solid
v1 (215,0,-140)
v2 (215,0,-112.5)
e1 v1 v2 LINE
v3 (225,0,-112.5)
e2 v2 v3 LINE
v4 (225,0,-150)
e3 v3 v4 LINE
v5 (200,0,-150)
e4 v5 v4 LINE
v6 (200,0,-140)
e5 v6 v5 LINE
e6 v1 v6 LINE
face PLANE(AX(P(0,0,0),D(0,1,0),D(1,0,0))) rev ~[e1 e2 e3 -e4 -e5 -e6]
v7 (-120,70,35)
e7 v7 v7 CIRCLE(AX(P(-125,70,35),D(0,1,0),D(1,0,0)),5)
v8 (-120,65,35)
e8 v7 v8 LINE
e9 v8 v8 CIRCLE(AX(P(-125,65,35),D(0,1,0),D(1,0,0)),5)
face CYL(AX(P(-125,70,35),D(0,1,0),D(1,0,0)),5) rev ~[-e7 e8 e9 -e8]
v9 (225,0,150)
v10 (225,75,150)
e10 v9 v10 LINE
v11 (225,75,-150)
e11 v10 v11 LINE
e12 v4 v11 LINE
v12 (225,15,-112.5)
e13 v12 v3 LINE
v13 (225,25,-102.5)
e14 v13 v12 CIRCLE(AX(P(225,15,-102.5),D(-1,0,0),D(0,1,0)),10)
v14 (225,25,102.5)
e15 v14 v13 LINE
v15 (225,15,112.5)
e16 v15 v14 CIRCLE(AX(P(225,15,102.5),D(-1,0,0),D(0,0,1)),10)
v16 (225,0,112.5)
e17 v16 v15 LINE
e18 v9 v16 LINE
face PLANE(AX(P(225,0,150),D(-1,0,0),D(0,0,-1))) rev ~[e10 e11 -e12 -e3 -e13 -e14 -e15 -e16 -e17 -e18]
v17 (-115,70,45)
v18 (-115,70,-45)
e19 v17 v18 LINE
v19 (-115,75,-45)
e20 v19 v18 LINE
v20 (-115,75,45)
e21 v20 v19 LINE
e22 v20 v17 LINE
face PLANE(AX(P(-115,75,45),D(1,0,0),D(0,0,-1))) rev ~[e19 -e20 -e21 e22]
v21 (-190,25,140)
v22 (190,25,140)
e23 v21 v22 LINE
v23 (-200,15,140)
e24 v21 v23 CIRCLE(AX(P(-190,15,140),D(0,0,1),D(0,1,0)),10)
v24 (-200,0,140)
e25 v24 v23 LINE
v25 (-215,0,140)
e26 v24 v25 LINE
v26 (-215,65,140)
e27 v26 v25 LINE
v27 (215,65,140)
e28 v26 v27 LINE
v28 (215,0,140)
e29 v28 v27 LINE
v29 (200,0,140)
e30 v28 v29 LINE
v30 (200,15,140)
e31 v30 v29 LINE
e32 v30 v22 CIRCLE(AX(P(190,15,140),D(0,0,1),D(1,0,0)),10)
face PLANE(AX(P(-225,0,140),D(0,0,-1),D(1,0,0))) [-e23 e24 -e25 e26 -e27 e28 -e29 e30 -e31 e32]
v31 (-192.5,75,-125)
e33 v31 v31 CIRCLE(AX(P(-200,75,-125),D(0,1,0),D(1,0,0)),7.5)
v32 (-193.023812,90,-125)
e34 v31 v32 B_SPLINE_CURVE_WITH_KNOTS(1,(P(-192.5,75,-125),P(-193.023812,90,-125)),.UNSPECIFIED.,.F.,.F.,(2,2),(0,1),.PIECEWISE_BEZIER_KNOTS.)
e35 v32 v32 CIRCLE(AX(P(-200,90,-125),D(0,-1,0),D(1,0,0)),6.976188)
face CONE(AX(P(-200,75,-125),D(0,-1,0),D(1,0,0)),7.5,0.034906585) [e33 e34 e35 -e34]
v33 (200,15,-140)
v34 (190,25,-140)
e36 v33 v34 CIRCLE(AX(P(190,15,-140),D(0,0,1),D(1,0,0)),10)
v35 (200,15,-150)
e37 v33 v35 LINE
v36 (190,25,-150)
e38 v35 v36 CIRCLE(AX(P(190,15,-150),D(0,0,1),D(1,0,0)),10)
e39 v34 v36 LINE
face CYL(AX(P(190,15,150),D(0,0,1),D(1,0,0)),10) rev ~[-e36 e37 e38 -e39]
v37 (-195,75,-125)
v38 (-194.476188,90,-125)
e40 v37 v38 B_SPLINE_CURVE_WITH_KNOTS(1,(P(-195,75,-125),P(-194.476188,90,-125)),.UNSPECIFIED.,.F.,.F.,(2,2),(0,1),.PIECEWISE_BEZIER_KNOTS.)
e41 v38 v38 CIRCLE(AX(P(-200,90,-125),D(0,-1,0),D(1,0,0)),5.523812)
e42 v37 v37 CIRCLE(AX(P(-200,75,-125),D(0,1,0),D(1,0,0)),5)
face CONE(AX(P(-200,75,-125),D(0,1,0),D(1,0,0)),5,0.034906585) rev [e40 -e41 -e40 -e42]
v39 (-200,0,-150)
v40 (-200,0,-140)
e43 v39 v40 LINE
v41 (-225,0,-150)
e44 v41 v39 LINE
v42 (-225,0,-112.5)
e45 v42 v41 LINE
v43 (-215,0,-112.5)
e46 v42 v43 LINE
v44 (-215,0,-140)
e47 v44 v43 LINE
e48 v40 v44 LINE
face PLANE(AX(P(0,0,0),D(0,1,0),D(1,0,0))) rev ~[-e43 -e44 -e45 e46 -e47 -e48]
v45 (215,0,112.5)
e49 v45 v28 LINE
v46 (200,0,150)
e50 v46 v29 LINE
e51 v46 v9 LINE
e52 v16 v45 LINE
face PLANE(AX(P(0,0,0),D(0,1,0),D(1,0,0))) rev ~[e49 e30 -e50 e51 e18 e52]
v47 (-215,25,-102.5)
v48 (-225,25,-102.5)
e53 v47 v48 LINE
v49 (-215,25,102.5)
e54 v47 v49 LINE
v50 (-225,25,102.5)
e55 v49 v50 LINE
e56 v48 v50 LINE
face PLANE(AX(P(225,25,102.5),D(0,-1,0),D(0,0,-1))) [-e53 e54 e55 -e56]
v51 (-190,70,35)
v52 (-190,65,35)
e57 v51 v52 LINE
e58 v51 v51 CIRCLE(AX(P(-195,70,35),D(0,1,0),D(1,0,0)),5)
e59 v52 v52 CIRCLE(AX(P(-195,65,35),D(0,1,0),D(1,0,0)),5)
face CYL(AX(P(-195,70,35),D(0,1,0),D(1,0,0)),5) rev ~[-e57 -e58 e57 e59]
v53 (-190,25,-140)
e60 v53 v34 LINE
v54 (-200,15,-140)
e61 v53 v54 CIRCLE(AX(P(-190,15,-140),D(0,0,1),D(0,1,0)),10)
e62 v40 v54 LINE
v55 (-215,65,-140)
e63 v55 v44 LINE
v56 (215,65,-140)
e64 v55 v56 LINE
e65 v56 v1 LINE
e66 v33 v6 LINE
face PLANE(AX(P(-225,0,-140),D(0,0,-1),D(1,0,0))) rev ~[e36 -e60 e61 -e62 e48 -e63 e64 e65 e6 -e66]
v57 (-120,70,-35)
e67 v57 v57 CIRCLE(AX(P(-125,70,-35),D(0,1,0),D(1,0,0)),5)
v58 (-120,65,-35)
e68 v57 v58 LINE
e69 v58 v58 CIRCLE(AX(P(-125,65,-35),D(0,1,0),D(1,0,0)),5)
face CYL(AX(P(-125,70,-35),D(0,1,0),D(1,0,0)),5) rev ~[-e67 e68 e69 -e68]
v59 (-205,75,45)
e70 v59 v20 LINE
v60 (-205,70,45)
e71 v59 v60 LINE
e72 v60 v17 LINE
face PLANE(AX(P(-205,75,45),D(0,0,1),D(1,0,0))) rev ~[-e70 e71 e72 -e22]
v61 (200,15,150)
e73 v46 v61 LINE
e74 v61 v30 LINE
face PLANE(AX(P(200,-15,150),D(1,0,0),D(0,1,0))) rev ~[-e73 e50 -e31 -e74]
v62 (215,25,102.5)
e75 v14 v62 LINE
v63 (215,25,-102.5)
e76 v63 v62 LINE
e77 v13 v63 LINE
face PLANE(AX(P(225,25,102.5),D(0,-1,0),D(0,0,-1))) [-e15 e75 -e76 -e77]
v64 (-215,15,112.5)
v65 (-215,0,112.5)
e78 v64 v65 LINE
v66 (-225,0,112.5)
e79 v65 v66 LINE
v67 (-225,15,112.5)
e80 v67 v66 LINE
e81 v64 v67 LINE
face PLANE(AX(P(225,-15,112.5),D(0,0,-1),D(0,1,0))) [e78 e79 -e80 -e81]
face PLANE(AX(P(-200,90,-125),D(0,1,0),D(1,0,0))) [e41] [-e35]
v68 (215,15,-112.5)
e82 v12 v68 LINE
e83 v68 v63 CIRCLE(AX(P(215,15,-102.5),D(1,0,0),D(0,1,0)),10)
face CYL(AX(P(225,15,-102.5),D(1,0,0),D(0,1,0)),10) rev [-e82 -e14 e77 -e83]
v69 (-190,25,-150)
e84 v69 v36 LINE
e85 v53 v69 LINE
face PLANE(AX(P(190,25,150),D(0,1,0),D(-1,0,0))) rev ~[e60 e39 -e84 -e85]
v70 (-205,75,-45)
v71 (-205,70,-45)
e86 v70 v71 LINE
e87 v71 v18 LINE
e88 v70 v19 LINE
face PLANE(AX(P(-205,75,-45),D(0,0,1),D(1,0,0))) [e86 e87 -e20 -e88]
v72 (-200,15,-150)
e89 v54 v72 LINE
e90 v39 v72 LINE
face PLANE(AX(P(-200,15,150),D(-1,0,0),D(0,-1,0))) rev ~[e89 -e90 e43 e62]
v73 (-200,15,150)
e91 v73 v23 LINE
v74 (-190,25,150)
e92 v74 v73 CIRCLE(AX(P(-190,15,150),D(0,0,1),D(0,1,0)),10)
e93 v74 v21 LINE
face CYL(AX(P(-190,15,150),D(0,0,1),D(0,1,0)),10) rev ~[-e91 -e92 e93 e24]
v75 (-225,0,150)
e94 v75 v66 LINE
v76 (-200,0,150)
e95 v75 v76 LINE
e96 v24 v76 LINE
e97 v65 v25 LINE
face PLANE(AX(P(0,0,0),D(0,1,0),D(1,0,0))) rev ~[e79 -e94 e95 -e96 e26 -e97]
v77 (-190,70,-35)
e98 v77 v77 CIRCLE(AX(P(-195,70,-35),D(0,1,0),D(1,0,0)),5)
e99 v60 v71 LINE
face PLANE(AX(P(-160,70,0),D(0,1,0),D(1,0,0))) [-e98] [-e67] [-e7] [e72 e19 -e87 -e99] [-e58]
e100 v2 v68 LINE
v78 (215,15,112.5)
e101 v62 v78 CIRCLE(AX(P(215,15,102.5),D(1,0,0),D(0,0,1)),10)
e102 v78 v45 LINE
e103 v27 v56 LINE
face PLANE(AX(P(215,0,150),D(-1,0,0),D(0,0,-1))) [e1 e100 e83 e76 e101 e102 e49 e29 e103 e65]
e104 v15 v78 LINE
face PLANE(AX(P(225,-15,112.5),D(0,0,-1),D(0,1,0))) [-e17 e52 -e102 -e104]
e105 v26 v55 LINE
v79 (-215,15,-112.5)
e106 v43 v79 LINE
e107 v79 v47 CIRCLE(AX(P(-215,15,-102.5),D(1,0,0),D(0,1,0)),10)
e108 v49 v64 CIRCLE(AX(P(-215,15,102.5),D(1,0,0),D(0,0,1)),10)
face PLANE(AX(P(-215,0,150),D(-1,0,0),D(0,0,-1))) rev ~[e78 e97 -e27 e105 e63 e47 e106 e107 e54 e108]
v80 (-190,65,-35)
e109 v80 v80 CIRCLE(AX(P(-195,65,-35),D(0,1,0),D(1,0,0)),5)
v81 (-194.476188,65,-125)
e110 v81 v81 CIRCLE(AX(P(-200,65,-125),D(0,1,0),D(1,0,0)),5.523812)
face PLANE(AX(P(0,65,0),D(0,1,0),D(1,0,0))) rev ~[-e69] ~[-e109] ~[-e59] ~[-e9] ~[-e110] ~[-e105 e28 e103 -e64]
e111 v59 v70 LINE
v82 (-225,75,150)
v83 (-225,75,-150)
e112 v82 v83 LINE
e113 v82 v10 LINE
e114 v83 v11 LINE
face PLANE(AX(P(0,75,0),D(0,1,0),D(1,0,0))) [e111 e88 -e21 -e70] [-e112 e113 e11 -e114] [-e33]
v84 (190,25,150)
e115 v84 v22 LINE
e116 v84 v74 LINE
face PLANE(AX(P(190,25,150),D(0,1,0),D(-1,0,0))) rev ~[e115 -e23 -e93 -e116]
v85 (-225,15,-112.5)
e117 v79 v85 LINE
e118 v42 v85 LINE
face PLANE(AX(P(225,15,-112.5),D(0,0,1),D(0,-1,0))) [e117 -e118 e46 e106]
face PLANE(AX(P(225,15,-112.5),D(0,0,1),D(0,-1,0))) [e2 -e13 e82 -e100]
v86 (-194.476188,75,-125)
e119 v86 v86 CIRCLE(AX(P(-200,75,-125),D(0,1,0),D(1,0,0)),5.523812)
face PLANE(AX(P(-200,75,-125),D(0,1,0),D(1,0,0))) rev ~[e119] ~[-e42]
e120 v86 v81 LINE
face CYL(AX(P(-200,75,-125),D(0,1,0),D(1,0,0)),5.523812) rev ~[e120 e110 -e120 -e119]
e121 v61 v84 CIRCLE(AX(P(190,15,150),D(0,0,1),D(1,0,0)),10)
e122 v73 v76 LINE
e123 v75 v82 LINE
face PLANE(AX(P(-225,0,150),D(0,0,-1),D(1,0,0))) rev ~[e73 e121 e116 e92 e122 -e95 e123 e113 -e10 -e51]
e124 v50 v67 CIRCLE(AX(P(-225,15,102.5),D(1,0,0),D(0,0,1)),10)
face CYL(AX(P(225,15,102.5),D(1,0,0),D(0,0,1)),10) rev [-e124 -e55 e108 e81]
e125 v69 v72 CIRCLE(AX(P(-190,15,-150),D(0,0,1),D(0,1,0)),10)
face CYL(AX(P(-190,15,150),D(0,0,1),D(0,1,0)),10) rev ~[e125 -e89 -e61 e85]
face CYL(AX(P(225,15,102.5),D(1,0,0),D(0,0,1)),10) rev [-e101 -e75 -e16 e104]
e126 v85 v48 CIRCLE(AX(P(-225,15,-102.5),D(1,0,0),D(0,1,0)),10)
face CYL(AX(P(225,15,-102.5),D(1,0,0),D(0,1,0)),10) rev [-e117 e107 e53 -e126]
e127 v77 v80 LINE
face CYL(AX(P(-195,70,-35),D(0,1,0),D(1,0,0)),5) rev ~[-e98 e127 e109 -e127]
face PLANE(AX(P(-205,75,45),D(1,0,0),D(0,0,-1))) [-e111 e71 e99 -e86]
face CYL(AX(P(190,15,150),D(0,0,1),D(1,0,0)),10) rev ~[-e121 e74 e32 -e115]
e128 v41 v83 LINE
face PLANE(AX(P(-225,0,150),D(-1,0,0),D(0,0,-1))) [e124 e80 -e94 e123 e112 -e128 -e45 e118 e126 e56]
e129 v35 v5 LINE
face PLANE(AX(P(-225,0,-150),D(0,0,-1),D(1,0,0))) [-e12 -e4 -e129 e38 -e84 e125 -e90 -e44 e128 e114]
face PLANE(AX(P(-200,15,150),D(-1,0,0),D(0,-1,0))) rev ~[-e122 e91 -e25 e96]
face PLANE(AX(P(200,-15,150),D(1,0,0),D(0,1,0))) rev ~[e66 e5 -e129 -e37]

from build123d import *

# Parameters (mm, degrees)
SKETCH1_W           = 450
SKETCH1_H           = 300
BOSS_EXTRUDE1_DEPTH = 75
SHELL1_T            = -10
CUT_EXTRUDE1_DEPTH  = 451
CUT_EXTRUDE2_DEPTH  = 301
SKETCH4_R           = 7.5
SKETCH4_R_2         = 5
BOSS_EXTRUDE2_DEPTH = 15
BOSS_EXTRUDE2_TAPER = 2
SKETCH5_R           = 5.523811542
CUT_EXTRUDE3_DEPTH  = 15
BOSS_EXTRUDE3_DEPTH = 15
SKETCH8_W           = 90
SKETCH8_H           = 90
CUT_EXTRUDE5_DEPTH  = 5
SKETCH9_R           = 5
CUT_EXTRUDE6_DEPTH  = 65
SKETCH11_W          = 280
SKETCH11_H          = 15
CUT_EXTRUDE8_DEPTH  = 271


with BuildPart() as part:
    # Sketch1 → Boss-Extrude1 (new body)
    with BuildSketch(Plane(origin=(0, 0, 0), x_dir=(1, 0, 0), z_dir=(0, 1, 0))):
        Rectangle(SKETCH1_W, SKETCH1_H)
    extrude(amount=BOSS_EXTRUDE1_DEPTH)

    # Shell1
    shell1_openings = [part.faces().sort_by_distance(p)[0] for p in [
        (0, 0, 0),
    ]]
    offset(amount=SHELL1_T, openings=shell1_openings, kind=Kind.INTERSECTION)

    # Sketch2 → Cut-Extrude1 (cut, through all)
    with BuildSketch(Plane(origin=(225, 0, 0), x_dir=(0, 0, -1), z_dir=(1, 0, 0))):
        with BuildLine():
            Line((-102.5, 25), (102.5, 25))
            ThreePointArc((102.5, 25), (109.571067812, 22.071067812), (112.5, 15))
            Line((112.5, 15), (112.5, -15))
            ThreePointArc((112.5, -15), (109.571067812, -22.071067812), (102.5, -25))
            Line((102.5, -25), (-102.5, -25))
            ThreePointArc((-102.5, -25), (-109.571067812, -22.071067812), (-112.5, -15))
            Line((-112.5, -15), (-112.5, 15))
            ThreePointArc((-112.5, 15), (-109.571067812, 22.071067812), (-102.5, 25))
        make_face()
    extrude(amount=-CUT_EXTRUDE1_DEPTH, mode=Mode.SUBTRACT)

    # Sketch3 → Cut-Extrude2 (cut, through all)
    with BuildSketch(Plane.XY.offset(150)):
        with BuildLine():
            Line((-190, -25), (190, -25))
            ThreePointArc((190, -25), (197.071067812, -22.071067812), (200, -15))
            Line((200, -15), (200, 15))
            ThreePointArc((200, 15), (197.071067812, 22.071067812), (190, 25))
            Line((190, 25), (-190, 25))
            ThreePointArc((-190, 25), (-197.071067812, 22.071067812), (-200, 15))
            Line((-200, 15), (-200, -15))
            ThreePointArc((-200, -15), (-197.071067812, -22.071067812), (-190, -25))
        make_face()
    extrude(amount=-CUT_EXTRUDE2_DEPTH, mode=Mode.SUBTRACT)

    # Sketch4 → Boss-Extrude2 (add)
    with BuildSketch(Plane(origin=(0, 75, 0), x_dir=(1, 0, 0), z_dir=(0, 1, 0))):
        with Locations((-200, 125)):
            Circle(SKETCH4_R)
        with Locations((-200, 125)):
            Circle(SKETCH4_R_2, mode=Mode.SUBTRACT)
    extrude(amount=BOSS_EXTRUDE2_DEPTH, taper=BOSS_EXTRUDE2_TAPER)

    # Sketch5 → Cut-Extrude3 (cut)
    with BuildSketch(Plane(origin=(0, 75, 0), x_dir=(1, 0, 0), z_dir=(0, 1, 0))):
        with Locations((-200, 125)):
            Circle(SKETCH5_R)
    extrude(amount=-CUT_EXTRUDE3_DEPTH, mode=Mode.SUBTRACT)

    # Sketch6 → Boss-Extrude3 (add)
    with BuildSketch(Plane(origin=(0, 75, 0), x_dir=(1, 0, 0), z_dir=(0, 1, 0))):
        with BuildLine():
            Line((-105, 120), (175, 120))
            Line((175, 120), (175, 37.5))
            ThreePointArc((175, 37.5), (137.5, 0), (175, -37.5))
            Line((175, -37.5), (175, -120))
            Line((175, -120), (-105, -120))
            Line((-105, -120), (-105, 120))
        make_face()
        Polygon((135, 80), (0, 80), (0, 105), (-65, 105), (-65, 25), (0, 25), (0, 50), (135, 50), align=None, mode=Mode.SUBTRACT)
        Polygon((135, -50), (135, -80), (0, -80), (0, -105), (-65, -105), (-65, -25), (0, -25), (0, -50), align=None, mode=Mode.SUBTRACT)
    extrude(amount=BOSS_EXTRUDE3_DEPTH)

    # Sketch8 → Cut-Extrude5 (cut)
    with BuildSketch(Plane(origin=(0, 75, 0), x_dir=(1, 0, 0), z_dir=(0, 1, 0))):
        with Locations((-160, 0)):
            Rectangle(SKETCH8_W, SKETCH8_H)
    extrude(amount=-CUT_EXTRUDE5_DEPTH, mode=Mode.SUBTRACT)

    # Sketch9 → Cut-Extrude6 (cut)
    with BuildSketch(Plane(origin=(0, 70, 0), x_dir=(1, 0, 0), z_dir=(0, 1, 0))):
        with Locations((-195, 35)):
            Circle(SKETCH9_R)
        with Locations((-125, 35)):
            Circle(SKETCH9_R)
        with Locations((-125, -35)):
            Circle(SKETCH9_R)
        with Locations((-195, -35)):
            Circle(SKETCH9_R)
    extrude(amount=-CUT_EXTRUDE6_DEPTH, mode=Mode.SUBTRACT)

    # Sketch11 → Cut-Extrude8 (cut, through all)
    with BuildSketch(Plane.XY.offset(120)):
        with Locations((35, 82.5)):
            Rectangle(SKETCH11_W, SKETCH11_H)
    extrude(amount=-CUT_EXTRUDE8_DEPTH, mode=Mode.SUBTRACT)


solid = part.part
